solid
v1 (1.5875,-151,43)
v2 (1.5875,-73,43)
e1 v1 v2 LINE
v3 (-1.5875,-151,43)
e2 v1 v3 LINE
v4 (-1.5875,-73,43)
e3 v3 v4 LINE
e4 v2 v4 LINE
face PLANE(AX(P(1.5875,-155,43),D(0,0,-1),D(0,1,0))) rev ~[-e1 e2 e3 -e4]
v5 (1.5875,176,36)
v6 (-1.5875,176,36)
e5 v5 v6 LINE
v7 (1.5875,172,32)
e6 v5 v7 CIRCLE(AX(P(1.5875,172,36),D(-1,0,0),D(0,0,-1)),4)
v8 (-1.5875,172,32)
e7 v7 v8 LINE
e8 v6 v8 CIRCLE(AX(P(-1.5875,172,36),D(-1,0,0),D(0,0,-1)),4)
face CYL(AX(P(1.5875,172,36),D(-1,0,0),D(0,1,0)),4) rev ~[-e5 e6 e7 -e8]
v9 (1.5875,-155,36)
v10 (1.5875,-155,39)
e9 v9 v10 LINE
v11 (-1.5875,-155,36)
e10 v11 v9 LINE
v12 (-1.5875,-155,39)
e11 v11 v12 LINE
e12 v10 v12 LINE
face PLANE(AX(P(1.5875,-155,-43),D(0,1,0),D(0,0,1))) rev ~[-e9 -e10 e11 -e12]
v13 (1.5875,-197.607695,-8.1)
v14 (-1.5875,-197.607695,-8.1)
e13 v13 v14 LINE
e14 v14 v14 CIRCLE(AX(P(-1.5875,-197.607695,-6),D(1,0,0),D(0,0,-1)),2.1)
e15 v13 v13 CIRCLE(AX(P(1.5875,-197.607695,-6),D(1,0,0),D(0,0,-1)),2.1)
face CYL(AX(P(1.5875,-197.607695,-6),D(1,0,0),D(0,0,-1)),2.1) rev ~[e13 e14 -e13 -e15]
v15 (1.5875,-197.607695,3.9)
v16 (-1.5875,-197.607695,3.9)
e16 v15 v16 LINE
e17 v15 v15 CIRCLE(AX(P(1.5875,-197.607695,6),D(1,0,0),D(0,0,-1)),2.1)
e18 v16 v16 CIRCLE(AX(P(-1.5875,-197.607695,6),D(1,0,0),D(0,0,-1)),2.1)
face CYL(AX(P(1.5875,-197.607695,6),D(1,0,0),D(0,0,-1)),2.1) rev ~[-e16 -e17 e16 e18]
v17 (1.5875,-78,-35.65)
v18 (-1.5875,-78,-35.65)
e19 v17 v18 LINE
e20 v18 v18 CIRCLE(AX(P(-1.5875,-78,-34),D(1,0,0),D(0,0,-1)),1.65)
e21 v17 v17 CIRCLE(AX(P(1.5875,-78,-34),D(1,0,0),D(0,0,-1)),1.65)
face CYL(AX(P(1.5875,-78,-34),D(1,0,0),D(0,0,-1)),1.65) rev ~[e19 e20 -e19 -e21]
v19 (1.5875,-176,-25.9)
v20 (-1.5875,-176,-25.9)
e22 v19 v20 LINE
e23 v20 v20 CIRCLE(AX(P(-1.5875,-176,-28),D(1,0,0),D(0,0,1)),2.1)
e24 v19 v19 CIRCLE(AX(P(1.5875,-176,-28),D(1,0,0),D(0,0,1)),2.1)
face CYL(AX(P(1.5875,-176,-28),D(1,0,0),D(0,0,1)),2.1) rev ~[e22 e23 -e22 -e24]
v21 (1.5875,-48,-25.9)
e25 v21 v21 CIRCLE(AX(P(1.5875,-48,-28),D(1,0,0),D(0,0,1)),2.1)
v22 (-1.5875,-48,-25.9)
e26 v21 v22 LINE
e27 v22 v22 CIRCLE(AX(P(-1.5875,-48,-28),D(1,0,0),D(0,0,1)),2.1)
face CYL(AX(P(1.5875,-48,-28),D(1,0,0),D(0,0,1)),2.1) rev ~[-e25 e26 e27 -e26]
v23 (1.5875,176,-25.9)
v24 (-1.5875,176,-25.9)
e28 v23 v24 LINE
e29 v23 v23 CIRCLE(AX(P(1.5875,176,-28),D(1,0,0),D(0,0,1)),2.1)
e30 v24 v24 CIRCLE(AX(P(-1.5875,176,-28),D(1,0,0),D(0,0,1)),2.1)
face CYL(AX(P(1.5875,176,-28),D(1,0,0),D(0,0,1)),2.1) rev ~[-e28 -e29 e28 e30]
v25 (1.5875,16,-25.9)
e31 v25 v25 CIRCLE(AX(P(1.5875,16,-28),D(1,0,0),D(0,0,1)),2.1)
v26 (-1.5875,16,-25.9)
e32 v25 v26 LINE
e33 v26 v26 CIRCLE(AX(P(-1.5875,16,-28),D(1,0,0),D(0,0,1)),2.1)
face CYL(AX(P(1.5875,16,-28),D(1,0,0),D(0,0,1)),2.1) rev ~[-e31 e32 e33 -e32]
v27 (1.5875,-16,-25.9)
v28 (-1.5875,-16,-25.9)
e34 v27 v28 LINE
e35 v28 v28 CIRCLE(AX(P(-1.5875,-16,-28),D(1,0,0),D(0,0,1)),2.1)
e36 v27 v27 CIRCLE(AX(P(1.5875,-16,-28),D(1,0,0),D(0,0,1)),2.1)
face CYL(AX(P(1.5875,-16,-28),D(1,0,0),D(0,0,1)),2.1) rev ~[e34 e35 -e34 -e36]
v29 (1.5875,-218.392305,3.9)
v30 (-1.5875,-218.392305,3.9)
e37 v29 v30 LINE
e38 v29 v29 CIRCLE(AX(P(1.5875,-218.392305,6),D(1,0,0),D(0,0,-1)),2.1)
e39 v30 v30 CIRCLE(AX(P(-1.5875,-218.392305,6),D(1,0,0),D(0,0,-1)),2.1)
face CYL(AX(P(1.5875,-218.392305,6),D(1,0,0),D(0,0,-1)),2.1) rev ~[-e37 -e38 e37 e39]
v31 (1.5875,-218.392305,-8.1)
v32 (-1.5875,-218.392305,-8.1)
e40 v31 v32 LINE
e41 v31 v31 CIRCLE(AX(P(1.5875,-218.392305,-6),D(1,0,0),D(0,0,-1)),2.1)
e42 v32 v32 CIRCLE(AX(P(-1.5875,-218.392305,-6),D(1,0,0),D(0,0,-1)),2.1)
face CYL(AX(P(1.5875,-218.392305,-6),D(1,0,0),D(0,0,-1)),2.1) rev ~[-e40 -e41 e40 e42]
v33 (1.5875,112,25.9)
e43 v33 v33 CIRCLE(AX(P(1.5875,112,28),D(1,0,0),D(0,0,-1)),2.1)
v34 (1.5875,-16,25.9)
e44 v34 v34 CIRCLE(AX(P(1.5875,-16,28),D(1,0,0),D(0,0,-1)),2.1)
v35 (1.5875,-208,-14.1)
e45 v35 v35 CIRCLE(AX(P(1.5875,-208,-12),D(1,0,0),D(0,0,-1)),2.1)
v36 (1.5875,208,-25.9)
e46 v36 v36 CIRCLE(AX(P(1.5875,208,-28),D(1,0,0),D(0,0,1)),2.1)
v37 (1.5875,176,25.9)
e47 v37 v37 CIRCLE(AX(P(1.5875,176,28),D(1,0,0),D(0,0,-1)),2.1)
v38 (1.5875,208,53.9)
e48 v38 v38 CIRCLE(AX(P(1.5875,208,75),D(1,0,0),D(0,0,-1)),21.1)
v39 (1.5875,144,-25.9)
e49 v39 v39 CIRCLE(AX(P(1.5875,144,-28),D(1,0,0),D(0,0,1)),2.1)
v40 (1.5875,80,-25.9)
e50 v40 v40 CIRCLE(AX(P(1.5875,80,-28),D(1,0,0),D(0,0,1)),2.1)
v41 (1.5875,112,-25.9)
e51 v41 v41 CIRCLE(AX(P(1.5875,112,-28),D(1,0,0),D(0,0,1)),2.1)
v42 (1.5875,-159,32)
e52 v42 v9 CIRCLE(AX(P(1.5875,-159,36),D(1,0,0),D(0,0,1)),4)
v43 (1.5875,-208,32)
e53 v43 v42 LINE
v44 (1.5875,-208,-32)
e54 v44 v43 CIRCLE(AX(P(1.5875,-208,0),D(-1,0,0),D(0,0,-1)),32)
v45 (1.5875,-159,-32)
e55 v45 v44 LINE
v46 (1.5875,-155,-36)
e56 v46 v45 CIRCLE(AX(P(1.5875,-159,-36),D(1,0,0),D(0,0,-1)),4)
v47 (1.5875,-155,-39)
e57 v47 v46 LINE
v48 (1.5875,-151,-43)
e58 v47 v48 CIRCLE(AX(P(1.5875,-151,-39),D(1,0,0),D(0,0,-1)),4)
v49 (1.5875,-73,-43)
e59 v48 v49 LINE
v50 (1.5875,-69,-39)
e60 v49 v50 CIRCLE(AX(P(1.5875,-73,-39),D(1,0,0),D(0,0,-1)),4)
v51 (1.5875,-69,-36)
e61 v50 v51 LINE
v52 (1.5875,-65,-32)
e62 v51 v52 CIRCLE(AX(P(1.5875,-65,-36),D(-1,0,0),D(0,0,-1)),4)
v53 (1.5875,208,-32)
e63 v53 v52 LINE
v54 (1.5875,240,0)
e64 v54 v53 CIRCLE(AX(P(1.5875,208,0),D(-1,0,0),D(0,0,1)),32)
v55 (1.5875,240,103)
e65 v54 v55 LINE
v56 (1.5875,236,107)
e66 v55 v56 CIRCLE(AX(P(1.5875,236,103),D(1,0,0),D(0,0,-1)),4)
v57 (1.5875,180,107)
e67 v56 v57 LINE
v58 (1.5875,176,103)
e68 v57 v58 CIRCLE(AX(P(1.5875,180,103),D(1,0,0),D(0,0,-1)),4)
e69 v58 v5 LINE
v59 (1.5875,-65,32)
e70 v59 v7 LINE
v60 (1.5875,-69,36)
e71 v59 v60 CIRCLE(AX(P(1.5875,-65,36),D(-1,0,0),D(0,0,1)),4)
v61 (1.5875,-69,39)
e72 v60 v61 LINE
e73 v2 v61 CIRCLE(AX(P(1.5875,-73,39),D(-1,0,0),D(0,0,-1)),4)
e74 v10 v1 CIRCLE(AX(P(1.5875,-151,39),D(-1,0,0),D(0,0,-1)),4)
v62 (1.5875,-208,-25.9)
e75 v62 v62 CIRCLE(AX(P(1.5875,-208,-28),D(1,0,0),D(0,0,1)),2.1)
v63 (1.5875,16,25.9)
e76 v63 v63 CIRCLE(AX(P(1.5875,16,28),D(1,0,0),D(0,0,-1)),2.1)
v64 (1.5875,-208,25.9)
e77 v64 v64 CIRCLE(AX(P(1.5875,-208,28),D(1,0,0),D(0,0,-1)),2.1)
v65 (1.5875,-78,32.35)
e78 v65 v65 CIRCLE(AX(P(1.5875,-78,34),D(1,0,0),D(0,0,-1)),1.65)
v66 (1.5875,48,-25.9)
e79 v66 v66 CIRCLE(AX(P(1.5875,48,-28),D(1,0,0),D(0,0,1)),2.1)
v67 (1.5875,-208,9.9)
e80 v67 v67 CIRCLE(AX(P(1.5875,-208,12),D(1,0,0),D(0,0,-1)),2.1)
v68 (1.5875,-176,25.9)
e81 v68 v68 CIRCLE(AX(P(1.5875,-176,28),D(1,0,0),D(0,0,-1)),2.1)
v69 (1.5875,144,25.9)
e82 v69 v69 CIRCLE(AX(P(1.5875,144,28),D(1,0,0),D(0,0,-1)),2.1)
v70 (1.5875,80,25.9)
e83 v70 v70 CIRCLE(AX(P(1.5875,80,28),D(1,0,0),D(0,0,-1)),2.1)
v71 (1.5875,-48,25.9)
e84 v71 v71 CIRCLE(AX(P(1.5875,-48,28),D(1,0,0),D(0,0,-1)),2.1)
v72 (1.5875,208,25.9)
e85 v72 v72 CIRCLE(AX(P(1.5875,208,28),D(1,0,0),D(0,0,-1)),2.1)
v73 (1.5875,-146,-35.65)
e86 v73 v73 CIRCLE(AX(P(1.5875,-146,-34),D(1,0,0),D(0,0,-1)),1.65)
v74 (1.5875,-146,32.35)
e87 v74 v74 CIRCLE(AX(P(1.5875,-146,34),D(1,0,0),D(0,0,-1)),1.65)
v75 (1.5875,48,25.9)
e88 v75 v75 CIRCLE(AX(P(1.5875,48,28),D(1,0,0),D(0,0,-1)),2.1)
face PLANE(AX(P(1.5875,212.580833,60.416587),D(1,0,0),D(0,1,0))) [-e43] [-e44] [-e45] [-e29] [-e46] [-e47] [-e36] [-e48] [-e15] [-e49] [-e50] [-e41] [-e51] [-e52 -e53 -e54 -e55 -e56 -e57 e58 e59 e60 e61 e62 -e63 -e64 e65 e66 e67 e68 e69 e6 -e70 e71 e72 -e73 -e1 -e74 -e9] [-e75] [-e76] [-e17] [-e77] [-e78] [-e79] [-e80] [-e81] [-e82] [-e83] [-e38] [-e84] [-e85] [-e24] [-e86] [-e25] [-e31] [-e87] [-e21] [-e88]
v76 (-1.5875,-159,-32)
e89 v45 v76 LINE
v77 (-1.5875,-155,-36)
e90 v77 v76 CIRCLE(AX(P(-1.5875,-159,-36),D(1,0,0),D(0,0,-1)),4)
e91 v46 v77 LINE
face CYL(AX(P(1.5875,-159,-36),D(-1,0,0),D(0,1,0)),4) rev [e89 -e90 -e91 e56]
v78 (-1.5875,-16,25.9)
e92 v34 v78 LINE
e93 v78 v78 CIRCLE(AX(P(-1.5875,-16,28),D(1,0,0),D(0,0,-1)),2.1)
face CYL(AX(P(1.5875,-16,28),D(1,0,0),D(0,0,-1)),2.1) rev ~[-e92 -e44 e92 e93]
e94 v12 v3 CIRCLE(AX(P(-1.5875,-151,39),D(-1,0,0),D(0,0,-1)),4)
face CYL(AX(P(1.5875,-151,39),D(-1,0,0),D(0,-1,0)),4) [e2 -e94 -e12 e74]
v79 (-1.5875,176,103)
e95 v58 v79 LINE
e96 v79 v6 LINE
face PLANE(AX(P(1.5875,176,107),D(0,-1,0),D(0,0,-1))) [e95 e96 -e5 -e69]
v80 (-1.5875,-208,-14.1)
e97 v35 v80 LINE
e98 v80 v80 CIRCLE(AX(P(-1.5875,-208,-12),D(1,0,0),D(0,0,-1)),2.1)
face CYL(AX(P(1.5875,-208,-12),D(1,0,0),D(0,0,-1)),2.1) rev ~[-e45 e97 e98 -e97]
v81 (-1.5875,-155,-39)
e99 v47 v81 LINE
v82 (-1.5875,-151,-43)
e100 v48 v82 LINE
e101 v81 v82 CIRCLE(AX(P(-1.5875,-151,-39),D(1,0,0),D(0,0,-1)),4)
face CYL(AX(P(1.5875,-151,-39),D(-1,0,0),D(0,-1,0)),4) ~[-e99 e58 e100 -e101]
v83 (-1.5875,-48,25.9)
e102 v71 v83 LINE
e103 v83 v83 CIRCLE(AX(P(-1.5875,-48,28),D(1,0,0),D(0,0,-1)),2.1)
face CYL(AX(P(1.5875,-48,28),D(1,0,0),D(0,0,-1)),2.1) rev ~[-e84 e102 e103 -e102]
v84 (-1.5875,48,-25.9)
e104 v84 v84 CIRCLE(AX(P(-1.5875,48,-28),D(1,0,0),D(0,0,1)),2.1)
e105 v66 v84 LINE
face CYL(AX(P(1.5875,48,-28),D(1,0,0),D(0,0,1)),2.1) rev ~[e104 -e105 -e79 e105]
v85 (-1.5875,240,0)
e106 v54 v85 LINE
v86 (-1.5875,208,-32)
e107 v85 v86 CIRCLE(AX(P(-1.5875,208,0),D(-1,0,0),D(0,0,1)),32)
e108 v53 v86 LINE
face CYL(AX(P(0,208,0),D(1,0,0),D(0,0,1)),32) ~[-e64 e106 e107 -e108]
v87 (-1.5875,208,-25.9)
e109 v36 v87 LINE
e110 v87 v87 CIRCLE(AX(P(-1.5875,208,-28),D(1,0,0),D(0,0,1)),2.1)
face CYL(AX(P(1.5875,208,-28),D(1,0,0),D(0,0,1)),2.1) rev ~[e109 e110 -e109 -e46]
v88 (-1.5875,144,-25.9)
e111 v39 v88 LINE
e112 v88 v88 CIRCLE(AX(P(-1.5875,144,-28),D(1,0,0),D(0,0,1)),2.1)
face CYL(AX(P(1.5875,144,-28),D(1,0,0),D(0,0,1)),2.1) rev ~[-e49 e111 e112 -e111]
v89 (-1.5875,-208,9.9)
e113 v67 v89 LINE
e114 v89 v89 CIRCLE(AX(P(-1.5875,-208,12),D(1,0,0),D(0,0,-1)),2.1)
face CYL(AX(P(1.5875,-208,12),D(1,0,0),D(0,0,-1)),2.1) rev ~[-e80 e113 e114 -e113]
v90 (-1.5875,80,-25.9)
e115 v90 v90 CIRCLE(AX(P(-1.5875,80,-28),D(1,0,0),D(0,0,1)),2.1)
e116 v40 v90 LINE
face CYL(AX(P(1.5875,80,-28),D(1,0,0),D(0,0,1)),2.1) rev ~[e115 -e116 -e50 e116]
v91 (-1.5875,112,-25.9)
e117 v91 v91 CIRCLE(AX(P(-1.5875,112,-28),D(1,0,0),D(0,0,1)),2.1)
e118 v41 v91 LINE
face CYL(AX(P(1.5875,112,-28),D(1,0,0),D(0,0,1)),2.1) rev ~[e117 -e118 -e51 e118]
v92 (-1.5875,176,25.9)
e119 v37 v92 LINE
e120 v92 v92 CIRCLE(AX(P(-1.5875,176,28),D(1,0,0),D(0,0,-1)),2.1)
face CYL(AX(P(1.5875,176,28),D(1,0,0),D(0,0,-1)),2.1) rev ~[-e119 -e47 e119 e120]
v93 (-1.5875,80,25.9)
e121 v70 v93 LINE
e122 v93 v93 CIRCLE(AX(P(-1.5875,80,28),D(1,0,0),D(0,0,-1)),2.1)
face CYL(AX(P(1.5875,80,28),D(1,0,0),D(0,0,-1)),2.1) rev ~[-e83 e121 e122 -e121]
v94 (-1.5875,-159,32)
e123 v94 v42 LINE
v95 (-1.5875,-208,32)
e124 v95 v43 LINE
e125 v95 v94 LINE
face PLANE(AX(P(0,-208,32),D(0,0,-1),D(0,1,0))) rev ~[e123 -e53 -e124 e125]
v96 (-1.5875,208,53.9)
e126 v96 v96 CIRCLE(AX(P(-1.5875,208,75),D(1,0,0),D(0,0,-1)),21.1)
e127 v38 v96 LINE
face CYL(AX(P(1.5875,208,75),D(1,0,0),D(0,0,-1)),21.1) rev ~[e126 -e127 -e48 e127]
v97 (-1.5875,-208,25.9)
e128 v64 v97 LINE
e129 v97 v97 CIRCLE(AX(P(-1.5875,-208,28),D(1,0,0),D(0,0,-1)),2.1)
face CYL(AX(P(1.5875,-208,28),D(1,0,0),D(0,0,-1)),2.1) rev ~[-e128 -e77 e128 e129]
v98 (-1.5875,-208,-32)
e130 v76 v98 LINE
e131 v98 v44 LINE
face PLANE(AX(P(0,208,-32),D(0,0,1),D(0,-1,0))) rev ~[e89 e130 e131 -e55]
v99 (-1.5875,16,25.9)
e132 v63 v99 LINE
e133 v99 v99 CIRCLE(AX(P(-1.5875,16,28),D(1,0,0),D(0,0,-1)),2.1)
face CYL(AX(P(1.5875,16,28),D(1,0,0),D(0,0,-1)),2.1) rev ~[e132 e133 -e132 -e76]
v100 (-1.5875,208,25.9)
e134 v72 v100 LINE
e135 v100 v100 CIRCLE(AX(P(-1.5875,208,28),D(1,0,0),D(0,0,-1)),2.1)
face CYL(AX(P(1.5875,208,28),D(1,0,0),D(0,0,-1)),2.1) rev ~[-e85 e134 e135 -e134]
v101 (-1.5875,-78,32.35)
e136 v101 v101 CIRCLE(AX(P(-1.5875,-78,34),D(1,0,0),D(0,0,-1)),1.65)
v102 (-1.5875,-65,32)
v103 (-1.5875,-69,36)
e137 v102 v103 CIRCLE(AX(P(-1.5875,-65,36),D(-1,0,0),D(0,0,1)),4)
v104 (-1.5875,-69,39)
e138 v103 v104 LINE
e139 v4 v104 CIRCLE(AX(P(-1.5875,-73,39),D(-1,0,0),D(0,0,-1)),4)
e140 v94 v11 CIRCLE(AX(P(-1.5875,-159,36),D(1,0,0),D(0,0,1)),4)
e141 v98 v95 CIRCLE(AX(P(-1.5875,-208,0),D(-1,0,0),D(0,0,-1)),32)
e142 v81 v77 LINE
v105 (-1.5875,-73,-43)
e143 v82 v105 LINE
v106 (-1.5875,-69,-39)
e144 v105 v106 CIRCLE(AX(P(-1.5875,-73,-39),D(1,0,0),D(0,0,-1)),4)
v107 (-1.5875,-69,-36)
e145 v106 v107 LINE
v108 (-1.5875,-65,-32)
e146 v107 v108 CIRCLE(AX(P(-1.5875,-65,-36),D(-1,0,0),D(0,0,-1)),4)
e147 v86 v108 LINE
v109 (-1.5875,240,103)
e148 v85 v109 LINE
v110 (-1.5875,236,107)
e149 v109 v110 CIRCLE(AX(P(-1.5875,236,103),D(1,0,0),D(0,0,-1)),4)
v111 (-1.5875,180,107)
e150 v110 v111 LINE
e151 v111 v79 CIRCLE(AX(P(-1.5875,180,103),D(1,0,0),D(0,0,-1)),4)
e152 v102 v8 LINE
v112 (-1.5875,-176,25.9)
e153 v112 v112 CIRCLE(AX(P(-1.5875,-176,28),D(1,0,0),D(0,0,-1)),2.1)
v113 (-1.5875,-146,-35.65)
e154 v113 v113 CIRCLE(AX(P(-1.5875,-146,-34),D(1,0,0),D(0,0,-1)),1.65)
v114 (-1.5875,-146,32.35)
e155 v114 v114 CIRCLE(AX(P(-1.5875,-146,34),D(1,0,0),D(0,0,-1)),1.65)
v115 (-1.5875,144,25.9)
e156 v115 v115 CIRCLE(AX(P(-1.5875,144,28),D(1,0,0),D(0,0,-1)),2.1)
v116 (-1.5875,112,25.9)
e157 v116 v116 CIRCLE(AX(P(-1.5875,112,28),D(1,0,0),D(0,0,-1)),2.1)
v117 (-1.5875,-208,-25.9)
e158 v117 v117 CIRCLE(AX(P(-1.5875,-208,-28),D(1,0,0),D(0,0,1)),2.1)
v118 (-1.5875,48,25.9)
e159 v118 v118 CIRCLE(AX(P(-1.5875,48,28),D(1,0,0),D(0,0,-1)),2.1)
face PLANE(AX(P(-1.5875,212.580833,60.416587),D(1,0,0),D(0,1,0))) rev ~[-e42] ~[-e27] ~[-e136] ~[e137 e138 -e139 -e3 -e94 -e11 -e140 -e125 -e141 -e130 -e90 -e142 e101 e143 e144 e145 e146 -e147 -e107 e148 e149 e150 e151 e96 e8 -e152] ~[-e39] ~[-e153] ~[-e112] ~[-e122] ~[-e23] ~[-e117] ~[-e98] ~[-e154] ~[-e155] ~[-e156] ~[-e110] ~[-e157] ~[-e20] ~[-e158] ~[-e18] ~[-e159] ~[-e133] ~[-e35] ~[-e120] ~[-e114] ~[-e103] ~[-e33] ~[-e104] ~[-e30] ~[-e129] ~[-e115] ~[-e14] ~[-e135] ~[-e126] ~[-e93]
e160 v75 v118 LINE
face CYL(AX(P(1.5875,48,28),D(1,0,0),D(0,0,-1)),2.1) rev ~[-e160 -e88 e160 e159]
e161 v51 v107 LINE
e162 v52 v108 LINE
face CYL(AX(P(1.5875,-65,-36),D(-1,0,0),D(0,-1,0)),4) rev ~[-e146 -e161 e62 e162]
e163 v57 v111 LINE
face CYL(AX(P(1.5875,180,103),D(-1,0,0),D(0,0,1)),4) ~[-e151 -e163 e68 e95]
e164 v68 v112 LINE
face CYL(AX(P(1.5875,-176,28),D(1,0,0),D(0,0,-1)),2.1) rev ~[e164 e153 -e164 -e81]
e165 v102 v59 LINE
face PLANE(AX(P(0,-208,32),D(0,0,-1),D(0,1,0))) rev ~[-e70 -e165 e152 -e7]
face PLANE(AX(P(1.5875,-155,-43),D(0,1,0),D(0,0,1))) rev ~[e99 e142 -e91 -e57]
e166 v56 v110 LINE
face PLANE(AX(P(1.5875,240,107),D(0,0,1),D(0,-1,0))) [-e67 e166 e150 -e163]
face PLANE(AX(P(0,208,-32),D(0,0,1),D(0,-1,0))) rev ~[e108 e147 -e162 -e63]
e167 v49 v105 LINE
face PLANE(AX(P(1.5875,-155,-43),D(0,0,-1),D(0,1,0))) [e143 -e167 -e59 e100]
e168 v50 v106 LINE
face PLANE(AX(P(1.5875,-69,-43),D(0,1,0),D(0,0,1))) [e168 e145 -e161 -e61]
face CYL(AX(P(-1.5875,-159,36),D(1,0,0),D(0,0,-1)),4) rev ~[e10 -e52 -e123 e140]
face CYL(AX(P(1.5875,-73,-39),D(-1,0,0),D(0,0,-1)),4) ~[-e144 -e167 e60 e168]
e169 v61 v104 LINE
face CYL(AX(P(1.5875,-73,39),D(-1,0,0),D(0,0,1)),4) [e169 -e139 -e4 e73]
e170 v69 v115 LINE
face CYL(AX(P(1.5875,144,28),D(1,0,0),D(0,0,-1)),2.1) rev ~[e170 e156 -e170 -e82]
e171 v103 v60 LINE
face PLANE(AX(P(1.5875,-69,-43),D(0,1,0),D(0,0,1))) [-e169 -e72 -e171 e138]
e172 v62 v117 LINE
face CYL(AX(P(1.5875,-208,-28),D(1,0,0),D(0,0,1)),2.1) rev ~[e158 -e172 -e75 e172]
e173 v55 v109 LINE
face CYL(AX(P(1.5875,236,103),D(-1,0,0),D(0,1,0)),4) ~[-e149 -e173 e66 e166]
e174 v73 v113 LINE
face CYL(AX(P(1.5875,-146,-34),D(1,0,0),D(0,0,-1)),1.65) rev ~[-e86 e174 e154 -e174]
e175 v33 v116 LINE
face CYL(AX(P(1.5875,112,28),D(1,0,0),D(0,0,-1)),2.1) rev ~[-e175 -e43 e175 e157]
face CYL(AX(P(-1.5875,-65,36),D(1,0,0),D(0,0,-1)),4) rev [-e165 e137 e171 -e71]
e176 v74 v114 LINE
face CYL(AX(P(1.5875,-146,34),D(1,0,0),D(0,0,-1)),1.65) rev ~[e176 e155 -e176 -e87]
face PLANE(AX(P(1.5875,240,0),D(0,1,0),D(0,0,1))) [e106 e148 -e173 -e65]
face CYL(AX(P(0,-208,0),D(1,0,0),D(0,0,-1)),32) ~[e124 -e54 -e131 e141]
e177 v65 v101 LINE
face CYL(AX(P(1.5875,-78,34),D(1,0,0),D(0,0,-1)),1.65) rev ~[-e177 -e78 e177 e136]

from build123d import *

# Parameters (mm, degrees)
BOSS_EXTRUDE1_DEPTH = 1.5875
SKETCH2_R           = 2.1
CUT_EXTRUDE1_DEPTH  = 243.144751389
SKETCH3_W           = 86
SKETCH3_H           = 86
SKETCH3_R           = 1.65
BOSS_EXTRUDE2_DEPTH = 3.175
FILLET1_R           = 4
SKETCH5_R           = 2.1
CUT_EXTRUDE3_DEPTH  = 244.842327386
SKETCH6_R           = 21.1
BOSS_EXTRUDE3_DEPTH = 3.175
FILLET2_R           = 4


with BuildPart() as part:
    # Sketch1 → Boss-Extrude1 (new, symmetric)
    with BuildSketch(Plane.YZ):
        with BuildLine():
            Line((-208, 32), (208, 32))
            ThreePointArc((208, 32), (240, 0), (208, -32))
            Line((208, -32), (-208, -32))
            ThreePointArc((-208, -32), (-240, 0), (-208, 32))
        make_face()
    extrude(amount=BOSS_EXTRUDE1_DEPTH, both=True)

    # Sketch2 → Cut-Extrude1 (cut, through all)
    with BuildSketch(Plane.YZ.offset(1.5875)):
        with Locations(Location((-208, 12, 0), (0, 0, 270))):
            Circle(SKETCH2_R)
        with Locations(Location((-197.607695155, 6, 0), (0, 0, 270))):
            Circle(SKETCH2_R)
        with Locations(Location((-197.607695155, -6, 0), (0, 0, 270))):
            Circle(SKETCH2_R)
        with Locations(Location((-208, -12, 0), (0, 0, 270))):
            Circle(SKETCH2_R)
        with Locations(Location((-218.392304845, -6, 0), (0, 0, 270))):
            Circle(SKETCH2_R)
        with Locations(Location((-218.392304845, 6, 0), (0, 0, 270))):
            Circle(SKETCH2_R)
    extrude(amount=-CUT_EXTRUDE1_DEPTH, mode=Mode.SUBTRACT)

    # Sketch3 → Boss-Extrude2 (add)
    with BuildSketch(Plane.YZ.offset(1.5875)):
        with Locations((-112, 0)):
            Rectangle(SKETCH3_W, SKETCH3_H)
        with Locations(Location((-146, 34, 0), (0, 0, 270))):
            Circle(SKETCH3_R, mode=Mode.SUBTRACT)
        with Locations(Location((-78, 34, 0), (0, 0, 270))):
            Circle(SKETCH3_R, mode=Mode.SUBTRACT)
        with Locations(Location((-78, -34, 0), (0, 0, 270))):
            Circle(SKETCH3_R, mode=Mode.SUBTRACT)
        with Locations(Location((-146, -34, 0), (0, 0, 270))):
            Circle(SKETCH3_R, mode=Mode.SUBTRACT)
    extrude(amount=-BOSS_EXTRUDE2_DEPTH)

    # Fillet1
    fillet1_edges = [part.edges().sort_by_distance(p)[0] for p in [
        (0, -69, 32),
        (0, -155, 32),
        (0, -155, -32),
        (0, -155, -43),
        (0, -69, 43),
        (0, -69, -32),
        (0, -155, 43),
        (0, -69, -43),
    ]]
    fillet(fillet1_edges, radius=FILLET1_R)

    # Sketch5 → Cut-Extrude3 (cut, through all)
    with BuildSketch(Plane.YZ.offset(1.5875)):
        with Locations(Location((-208, 28, 0), (0, 0, 270))):
            Circle(SKETCH5_R)
        with Locations(Location((-176, 28, 0), (0, 0, 270))):
            Circle(SKETCH5_R)
        with Locations(Location((-48, 28, 0), (0, 0, 270))):
            Circle(SKETCH5_R)
        with Locations(Location((-16, 28, 0), (0, 0, 270))):
            Circle(SKETCH5_R)
        with Locations(Location((16, 28, 0), (0, 0, 270))):
            Circle(SKETCH5_R)
        with Locations(Location((48, 28, 0), (0, 0, 270))):
            Circle(SKETCH5_R)
        with Locations(Location((80, 28, 0), (0, 0, 270))):
            Circle(SKETCH5_R)
        with Locations(Location((112, 28, 0), (0, 0, 270))):
            Circle(SKETCH5_R)
        with Locations(Location((144, 28, 0), (0, 0, 270))):
            Circle(SKETCH5_R)
        with Locations(Location((176, 28, 0), (0, 0, 270))):
            Circle(SKETCH5_R)
        with Locations(Location((176, -28, 0), (0, 0, 90))):
            Circle(SKETCH5_R)
        with Locations(Location((144, -28, 0), (0, 0, 90))):
            Circle(SKETCH5_R)
        with Locations(Location((112, -28, 0), (0, 0, 90))):
            Circle(SKETCH5_R)
        with Locations(Location((80, -28, 0), (0, 0, 90))):
            Circle(SKETCH5_R)
        with Locations(Location((48, -28, 0), (0, 0, 90))):
            Circle(SKETCH5_R)
        with Locations(Location((16, -28, 0), (0, 0, 90))):
            Circle(SKETCH5_R)
        with Locations(Location((-16, -28, 0), (0, 0, 90))):
            Circle(SKETCH5_R)
        with Locations(Location((-48, -28, 0), (0, 0, 90))):
            Circle(SKETCH5_R)
        with Locations(Location((-176, -28, 0), (0, 0, 90))):
            Circle(SKETCH5_R)
        with Locations(Location((-208, -28, 0), (0, 0, 90))):
            Circle(SKETCH5_R)
        with Locations(Location((208, 28, 0), (0, 0, 270))):
            Circle(SKETCH5_R)
        with Locations(Location((208, -28, 0), (0, 0, 90))):
            Circle(SKETCH5_R)
    extrude(amount=-CUT_EXTRUDE3_DEPTH, mode=Mode.SUBTRACT)

    # Sketch6 → Boss-Extrude3 (add)
    with BuildSketch(Plane.YZ.offset(1.5875)):
        with BuildLine():
            ThreePointArc((208, 32), (230.627416998, 22.627416998), (240, 0))
            Line((240, 0), (240, 107))
            Line((240, 107), (176, 107))
            Line((176, 107), (176, 32))
            Line((176, 32), (208, 32))
        make_face()
        with Locations(Location((208, 75, 0), (0, 0, 270))):
            Circle(SKETCH6_R, mode=Mode.SUBTRACT)
    extrude(amount=-BOSS_EXTRUDE3_DEPTH)

    # Fillet2
    fillet2_edges = [part.edges().sort_by_distance(p)[0] for p in [
        (0, 240, 107),
        (0, 176, 107),
        (0, 176, 32),
    ]]
    fillet(fillet2_edges, radius=FILLET2_R)


solid = part.part
